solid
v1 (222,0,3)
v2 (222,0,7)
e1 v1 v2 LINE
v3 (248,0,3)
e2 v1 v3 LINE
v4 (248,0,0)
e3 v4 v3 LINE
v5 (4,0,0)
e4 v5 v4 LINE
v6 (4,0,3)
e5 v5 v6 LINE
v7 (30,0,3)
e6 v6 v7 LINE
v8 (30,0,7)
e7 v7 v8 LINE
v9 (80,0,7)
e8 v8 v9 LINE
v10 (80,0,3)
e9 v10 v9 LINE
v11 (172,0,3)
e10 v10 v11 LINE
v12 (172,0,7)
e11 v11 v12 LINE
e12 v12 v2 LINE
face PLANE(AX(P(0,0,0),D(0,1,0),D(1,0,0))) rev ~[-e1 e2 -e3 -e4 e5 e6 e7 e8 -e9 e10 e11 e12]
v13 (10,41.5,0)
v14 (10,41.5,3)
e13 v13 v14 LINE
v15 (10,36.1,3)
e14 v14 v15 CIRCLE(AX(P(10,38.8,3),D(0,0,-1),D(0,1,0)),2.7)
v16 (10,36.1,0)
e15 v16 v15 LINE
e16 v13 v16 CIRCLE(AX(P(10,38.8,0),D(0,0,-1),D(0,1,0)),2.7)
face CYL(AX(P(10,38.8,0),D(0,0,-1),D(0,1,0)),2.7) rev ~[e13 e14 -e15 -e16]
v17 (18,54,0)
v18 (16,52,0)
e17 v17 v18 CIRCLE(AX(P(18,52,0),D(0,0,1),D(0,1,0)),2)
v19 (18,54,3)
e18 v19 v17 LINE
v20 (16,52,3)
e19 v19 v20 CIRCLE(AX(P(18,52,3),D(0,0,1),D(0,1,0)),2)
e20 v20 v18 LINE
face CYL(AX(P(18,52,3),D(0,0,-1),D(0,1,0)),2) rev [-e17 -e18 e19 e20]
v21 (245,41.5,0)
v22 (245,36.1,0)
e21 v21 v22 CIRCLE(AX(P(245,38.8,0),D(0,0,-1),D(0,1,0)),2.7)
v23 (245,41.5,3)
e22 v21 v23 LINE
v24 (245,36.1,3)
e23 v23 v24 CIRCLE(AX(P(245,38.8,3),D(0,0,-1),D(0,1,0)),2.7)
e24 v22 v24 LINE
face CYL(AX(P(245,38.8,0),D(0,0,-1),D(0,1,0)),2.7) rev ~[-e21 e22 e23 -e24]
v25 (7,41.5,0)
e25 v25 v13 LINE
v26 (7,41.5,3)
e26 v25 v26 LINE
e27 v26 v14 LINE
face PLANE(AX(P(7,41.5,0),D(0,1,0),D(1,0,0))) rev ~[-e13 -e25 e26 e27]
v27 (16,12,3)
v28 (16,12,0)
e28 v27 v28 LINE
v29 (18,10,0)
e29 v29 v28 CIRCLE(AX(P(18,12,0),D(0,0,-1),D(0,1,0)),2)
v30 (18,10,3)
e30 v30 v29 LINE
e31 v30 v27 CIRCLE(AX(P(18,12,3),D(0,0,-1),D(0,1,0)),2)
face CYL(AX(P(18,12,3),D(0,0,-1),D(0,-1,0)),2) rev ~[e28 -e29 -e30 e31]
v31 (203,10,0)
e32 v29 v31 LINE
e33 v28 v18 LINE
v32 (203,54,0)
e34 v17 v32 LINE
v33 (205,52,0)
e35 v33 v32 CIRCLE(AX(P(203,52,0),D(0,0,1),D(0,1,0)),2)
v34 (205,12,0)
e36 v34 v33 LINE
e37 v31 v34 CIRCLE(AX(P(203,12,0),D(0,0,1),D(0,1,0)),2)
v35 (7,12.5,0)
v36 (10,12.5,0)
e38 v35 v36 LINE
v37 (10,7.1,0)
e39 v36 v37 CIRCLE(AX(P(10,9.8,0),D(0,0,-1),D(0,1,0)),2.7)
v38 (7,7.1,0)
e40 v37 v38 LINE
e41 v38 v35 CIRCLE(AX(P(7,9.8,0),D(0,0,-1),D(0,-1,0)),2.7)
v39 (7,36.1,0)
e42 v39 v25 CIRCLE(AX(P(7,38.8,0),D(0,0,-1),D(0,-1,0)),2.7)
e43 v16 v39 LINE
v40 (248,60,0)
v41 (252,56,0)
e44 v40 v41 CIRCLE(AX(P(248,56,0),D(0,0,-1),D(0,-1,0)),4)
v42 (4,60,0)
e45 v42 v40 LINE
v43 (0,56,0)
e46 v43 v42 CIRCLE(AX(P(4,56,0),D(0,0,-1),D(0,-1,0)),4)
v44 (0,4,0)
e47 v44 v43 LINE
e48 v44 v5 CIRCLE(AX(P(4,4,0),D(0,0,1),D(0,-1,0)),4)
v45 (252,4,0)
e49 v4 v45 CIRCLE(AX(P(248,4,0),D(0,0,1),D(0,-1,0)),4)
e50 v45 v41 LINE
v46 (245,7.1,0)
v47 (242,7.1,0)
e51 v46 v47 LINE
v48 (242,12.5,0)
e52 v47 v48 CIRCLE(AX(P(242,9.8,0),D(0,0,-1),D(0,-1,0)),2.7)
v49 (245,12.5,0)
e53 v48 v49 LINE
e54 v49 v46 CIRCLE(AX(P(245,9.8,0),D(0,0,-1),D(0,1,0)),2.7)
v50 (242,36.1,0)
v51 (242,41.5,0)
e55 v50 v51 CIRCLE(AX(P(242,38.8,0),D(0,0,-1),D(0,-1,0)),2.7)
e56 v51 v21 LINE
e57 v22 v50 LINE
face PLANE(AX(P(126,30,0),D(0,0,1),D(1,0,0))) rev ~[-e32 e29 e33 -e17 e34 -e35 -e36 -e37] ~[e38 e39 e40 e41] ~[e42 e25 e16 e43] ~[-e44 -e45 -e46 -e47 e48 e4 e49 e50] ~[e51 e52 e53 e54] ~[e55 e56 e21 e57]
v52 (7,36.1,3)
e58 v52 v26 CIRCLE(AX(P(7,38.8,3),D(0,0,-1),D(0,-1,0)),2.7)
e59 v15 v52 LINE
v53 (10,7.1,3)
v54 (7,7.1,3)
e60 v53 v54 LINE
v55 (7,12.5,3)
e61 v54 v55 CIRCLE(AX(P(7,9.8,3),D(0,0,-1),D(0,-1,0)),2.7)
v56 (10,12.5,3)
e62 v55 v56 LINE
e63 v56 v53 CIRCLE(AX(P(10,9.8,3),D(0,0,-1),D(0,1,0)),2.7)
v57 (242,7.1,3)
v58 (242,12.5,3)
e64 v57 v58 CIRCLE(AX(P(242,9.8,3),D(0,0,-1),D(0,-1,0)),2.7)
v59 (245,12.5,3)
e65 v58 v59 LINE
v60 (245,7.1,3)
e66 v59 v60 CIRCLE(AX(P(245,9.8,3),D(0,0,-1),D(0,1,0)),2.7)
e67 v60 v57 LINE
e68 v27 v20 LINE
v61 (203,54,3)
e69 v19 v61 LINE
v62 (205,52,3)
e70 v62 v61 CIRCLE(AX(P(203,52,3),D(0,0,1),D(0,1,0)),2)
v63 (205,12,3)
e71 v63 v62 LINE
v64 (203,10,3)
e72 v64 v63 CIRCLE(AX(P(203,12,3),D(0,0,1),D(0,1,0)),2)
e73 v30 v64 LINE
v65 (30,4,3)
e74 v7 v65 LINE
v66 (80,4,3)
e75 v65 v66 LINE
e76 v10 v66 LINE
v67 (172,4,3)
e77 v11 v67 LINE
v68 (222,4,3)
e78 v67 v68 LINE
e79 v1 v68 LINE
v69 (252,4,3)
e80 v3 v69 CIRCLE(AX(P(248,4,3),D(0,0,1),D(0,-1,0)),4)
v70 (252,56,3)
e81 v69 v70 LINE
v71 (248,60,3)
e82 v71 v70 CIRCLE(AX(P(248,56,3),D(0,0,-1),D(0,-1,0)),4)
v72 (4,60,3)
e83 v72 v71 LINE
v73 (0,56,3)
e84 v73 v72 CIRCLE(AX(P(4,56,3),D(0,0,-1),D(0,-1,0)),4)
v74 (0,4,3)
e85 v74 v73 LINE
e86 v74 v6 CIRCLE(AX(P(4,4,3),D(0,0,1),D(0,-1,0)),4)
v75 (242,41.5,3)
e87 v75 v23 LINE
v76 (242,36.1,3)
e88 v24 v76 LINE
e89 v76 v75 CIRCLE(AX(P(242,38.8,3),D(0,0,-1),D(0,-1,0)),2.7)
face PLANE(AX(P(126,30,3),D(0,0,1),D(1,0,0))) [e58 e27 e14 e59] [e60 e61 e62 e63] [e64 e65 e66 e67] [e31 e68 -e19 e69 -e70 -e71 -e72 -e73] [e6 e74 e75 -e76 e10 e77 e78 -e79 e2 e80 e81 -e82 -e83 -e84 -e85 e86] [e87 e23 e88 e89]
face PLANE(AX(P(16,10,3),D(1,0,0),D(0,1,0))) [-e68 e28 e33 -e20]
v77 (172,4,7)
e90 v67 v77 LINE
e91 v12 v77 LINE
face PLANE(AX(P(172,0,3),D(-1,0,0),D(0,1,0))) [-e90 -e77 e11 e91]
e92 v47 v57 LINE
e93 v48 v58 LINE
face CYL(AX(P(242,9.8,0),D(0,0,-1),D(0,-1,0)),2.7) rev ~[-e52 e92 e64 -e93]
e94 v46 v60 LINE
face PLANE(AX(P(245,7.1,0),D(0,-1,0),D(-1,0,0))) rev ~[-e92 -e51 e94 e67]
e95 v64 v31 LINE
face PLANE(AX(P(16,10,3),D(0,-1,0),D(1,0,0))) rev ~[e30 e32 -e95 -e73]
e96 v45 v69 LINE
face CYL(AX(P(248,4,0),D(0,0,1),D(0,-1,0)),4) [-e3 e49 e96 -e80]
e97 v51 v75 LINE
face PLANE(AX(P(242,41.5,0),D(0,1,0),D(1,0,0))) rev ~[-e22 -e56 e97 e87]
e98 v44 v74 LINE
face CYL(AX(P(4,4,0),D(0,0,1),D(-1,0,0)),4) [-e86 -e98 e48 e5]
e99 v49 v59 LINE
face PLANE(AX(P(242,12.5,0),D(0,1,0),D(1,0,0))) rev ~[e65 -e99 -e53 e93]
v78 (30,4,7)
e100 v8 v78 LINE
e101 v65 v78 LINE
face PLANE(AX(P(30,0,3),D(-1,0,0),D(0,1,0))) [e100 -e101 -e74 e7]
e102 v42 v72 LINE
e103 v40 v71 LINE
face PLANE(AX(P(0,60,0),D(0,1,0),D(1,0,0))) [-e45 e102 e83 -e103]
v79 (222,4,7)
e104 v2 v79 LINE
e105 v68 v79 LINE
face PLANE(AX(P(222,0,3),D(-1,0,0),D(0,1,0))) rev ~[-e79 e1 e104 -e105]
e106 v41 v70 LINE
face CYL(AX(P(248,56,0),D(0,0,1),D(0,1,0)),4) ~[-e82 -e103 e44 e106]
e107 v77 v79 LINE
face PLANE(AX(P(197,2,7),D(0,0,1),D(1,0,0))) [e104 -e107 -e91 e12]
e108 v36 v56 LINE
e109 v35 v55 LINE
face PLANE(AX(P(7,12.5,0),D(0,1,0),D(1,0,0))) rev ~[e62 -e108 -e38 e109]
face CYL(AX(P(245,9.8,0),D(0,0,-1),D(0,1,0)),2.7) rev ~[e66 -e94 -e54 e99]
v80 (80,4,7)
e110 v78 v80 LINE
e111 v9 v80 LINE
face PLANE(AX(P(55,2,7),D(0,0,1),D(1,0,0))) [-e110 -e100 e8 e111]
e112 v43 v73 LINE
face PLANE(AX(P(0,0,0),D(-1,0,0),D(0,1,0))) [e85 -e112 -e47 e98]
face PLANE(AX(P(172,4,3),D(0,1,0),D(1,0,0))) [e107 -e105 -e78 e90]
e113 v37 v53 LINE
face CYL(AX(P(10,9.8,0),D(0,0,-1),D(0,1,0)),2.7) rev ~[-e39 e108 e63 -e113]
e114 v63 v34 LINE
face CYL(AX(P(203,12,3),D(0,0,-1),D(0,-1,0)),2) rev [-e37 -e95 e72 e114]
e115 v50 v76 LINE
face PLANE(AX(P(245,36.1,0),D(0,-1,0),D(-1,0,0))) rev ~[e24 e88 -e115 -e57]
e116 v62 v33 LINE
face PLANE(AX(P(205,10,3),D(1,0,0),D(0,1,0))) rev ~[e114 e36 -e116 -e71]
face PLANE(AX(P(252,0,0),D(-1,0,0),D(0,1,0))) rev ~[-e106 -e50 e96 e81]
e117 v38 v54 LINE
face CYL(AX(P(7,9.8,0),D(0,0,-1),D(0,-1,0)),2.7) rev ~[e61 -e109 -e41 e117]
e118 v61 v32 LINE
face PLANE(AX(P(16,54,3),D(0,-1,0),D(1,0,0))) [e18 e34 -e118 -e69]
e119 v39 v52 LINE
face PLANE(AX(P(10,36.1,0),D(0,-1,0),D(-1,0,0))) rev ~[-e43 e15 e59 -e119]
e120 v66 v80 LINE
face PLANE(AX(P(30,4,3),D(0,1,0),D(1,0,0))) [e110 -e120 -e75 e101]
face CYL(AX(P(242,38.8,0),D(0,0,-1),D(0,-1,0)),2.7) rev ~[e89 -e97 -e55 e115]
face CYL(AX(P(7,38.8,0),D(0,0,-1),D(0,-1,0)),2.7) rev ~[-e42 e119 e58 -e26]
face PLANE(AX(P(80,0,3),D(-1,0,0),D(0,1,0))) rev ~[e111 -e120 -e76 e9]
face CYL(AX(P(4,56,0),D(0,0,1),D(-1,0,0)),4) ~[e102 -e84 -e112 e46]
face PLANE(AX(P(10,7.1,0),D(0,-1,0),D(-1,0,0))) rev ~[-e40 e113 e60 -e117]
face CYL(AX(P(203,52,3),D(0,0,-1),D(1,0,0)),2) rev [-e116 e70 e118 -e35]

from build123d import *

# Parameters (mm, degrees)
SKETCH1_W           = 252
SKETCH1_H           = 60
BOSS_EXTRUDE1_DEPTH = 3
SKETCH3_W           = 50
SKETCH3_H           = 4
BOSS_EXTRUDE3_DEPTH = 4
SKETCH4_W           = 189
SKETCH4_H           = 44
CUT_EXTRUDE1_DEPTH  = 4
FILLET1_R           = 4
FILLET3_R           = 2


with BuildPart() as part:
    # Sketch1 → Boss-Extrude1 (new body)
    with BuildSketch(Plane.XY):
        with Locations((126, 30)):
            Rectangle(SKETCH1_W, SKETCH1_H)
        with BuildLine():
            Line((245, 36.1), (242, 36.1))
            ThreePointArc((242, 36.1), (239.3, 38.8), (242, 41.5))
            Line((242, 41.5), (245, 41.5))
            ThreePointArc((245, 41.5), (247.7, 38.8), (245, 36.1))
        make_face(mode=Mode.SUBTRACT)
        with BuildLine():
            Line((242, 12.5), (245, 12.5))
            ThreePointArc((245, 12.5), (247.7, 9.8), (245, 7.1))
            Line((245, 7.1), (242, 7.1))
            ThreePointArc((242, 7.1), (239.3, 9.8), (242, 12.5))
        make_face(mode=Mode.SUBTRACT)
        with BuildLine():
            Line((7, 41.5), (10, 41.5))
            ThreePointArc((10, 41.5), (12.7, 38.8), (10, 36.1))
            Line((10, 36.1), (7, 36.1))
            ThreePointArc((7, 36.1), (4.3, 38.8), (7, 41.5))
        make_face(mode=Mode.SUBTRACT)
        with BuildLine():
            Line((7, 12.5), (10, 12.5))
            ThreePointArc((10, 12.5), (12.7, 9.8), (10, 7.1))
            Line((10, 7.1), (7, 7.1))
            ThreePointArc((7, 7.1), (4.3, 9.8), (7, 12.5))
        make_face(mode=Mode.SUBTRACT)
    extrude(amount=BOSS_EXTRUDE1_DEPTH)

    # Sketch3 → Boss-Extrude3 (add)
    with BuildSketch(Plane.XY.offset(3)):
        with Locations((55, 2)):
            Rectangle(SKETCH3_W, SKETCH3_H)
        with Locations((197, 2)):
            Rectangle(SKETCH3_W, SKETCH3_H)
    extrude(amount=BOSS_EXTRUDE3_DEPTH)

    # Sketch4 → Cut-Extrude1 (cut)
    with BuildSketch(Plane.XY.offset(3)):
        with Locations((110.5, 32)):
            Rectangle(SKETCH4_W, SKETCH4_H)
    extrude(amount=-CUT_EXTRUDE1_DEPTH, mode=Mode.SUBTRACT)

    # Fillet1
    fillet1_edges = [part.edges().sort_by_distance(p)[0] for p in [
        (0, 60, 1.5),
        (252, 60, 1.5),
        (252, 0, 1.5),
        (0, 0, 1.5),
    ]]
    fillet(fillet1_edges, radius=FILLET1_R)

    # Fillet3
    fillet3_edges = [part.edges().sort_by_distance(p)[0] for p in [
        (205, 54, 1.5),
        (205, 10, 1.5),
        (16, 10, 1.5),
        (16, 54, 1.5),
    ]]
    fillet(fillet3_edges, radius=FILLET3_R)


solid = part.part
